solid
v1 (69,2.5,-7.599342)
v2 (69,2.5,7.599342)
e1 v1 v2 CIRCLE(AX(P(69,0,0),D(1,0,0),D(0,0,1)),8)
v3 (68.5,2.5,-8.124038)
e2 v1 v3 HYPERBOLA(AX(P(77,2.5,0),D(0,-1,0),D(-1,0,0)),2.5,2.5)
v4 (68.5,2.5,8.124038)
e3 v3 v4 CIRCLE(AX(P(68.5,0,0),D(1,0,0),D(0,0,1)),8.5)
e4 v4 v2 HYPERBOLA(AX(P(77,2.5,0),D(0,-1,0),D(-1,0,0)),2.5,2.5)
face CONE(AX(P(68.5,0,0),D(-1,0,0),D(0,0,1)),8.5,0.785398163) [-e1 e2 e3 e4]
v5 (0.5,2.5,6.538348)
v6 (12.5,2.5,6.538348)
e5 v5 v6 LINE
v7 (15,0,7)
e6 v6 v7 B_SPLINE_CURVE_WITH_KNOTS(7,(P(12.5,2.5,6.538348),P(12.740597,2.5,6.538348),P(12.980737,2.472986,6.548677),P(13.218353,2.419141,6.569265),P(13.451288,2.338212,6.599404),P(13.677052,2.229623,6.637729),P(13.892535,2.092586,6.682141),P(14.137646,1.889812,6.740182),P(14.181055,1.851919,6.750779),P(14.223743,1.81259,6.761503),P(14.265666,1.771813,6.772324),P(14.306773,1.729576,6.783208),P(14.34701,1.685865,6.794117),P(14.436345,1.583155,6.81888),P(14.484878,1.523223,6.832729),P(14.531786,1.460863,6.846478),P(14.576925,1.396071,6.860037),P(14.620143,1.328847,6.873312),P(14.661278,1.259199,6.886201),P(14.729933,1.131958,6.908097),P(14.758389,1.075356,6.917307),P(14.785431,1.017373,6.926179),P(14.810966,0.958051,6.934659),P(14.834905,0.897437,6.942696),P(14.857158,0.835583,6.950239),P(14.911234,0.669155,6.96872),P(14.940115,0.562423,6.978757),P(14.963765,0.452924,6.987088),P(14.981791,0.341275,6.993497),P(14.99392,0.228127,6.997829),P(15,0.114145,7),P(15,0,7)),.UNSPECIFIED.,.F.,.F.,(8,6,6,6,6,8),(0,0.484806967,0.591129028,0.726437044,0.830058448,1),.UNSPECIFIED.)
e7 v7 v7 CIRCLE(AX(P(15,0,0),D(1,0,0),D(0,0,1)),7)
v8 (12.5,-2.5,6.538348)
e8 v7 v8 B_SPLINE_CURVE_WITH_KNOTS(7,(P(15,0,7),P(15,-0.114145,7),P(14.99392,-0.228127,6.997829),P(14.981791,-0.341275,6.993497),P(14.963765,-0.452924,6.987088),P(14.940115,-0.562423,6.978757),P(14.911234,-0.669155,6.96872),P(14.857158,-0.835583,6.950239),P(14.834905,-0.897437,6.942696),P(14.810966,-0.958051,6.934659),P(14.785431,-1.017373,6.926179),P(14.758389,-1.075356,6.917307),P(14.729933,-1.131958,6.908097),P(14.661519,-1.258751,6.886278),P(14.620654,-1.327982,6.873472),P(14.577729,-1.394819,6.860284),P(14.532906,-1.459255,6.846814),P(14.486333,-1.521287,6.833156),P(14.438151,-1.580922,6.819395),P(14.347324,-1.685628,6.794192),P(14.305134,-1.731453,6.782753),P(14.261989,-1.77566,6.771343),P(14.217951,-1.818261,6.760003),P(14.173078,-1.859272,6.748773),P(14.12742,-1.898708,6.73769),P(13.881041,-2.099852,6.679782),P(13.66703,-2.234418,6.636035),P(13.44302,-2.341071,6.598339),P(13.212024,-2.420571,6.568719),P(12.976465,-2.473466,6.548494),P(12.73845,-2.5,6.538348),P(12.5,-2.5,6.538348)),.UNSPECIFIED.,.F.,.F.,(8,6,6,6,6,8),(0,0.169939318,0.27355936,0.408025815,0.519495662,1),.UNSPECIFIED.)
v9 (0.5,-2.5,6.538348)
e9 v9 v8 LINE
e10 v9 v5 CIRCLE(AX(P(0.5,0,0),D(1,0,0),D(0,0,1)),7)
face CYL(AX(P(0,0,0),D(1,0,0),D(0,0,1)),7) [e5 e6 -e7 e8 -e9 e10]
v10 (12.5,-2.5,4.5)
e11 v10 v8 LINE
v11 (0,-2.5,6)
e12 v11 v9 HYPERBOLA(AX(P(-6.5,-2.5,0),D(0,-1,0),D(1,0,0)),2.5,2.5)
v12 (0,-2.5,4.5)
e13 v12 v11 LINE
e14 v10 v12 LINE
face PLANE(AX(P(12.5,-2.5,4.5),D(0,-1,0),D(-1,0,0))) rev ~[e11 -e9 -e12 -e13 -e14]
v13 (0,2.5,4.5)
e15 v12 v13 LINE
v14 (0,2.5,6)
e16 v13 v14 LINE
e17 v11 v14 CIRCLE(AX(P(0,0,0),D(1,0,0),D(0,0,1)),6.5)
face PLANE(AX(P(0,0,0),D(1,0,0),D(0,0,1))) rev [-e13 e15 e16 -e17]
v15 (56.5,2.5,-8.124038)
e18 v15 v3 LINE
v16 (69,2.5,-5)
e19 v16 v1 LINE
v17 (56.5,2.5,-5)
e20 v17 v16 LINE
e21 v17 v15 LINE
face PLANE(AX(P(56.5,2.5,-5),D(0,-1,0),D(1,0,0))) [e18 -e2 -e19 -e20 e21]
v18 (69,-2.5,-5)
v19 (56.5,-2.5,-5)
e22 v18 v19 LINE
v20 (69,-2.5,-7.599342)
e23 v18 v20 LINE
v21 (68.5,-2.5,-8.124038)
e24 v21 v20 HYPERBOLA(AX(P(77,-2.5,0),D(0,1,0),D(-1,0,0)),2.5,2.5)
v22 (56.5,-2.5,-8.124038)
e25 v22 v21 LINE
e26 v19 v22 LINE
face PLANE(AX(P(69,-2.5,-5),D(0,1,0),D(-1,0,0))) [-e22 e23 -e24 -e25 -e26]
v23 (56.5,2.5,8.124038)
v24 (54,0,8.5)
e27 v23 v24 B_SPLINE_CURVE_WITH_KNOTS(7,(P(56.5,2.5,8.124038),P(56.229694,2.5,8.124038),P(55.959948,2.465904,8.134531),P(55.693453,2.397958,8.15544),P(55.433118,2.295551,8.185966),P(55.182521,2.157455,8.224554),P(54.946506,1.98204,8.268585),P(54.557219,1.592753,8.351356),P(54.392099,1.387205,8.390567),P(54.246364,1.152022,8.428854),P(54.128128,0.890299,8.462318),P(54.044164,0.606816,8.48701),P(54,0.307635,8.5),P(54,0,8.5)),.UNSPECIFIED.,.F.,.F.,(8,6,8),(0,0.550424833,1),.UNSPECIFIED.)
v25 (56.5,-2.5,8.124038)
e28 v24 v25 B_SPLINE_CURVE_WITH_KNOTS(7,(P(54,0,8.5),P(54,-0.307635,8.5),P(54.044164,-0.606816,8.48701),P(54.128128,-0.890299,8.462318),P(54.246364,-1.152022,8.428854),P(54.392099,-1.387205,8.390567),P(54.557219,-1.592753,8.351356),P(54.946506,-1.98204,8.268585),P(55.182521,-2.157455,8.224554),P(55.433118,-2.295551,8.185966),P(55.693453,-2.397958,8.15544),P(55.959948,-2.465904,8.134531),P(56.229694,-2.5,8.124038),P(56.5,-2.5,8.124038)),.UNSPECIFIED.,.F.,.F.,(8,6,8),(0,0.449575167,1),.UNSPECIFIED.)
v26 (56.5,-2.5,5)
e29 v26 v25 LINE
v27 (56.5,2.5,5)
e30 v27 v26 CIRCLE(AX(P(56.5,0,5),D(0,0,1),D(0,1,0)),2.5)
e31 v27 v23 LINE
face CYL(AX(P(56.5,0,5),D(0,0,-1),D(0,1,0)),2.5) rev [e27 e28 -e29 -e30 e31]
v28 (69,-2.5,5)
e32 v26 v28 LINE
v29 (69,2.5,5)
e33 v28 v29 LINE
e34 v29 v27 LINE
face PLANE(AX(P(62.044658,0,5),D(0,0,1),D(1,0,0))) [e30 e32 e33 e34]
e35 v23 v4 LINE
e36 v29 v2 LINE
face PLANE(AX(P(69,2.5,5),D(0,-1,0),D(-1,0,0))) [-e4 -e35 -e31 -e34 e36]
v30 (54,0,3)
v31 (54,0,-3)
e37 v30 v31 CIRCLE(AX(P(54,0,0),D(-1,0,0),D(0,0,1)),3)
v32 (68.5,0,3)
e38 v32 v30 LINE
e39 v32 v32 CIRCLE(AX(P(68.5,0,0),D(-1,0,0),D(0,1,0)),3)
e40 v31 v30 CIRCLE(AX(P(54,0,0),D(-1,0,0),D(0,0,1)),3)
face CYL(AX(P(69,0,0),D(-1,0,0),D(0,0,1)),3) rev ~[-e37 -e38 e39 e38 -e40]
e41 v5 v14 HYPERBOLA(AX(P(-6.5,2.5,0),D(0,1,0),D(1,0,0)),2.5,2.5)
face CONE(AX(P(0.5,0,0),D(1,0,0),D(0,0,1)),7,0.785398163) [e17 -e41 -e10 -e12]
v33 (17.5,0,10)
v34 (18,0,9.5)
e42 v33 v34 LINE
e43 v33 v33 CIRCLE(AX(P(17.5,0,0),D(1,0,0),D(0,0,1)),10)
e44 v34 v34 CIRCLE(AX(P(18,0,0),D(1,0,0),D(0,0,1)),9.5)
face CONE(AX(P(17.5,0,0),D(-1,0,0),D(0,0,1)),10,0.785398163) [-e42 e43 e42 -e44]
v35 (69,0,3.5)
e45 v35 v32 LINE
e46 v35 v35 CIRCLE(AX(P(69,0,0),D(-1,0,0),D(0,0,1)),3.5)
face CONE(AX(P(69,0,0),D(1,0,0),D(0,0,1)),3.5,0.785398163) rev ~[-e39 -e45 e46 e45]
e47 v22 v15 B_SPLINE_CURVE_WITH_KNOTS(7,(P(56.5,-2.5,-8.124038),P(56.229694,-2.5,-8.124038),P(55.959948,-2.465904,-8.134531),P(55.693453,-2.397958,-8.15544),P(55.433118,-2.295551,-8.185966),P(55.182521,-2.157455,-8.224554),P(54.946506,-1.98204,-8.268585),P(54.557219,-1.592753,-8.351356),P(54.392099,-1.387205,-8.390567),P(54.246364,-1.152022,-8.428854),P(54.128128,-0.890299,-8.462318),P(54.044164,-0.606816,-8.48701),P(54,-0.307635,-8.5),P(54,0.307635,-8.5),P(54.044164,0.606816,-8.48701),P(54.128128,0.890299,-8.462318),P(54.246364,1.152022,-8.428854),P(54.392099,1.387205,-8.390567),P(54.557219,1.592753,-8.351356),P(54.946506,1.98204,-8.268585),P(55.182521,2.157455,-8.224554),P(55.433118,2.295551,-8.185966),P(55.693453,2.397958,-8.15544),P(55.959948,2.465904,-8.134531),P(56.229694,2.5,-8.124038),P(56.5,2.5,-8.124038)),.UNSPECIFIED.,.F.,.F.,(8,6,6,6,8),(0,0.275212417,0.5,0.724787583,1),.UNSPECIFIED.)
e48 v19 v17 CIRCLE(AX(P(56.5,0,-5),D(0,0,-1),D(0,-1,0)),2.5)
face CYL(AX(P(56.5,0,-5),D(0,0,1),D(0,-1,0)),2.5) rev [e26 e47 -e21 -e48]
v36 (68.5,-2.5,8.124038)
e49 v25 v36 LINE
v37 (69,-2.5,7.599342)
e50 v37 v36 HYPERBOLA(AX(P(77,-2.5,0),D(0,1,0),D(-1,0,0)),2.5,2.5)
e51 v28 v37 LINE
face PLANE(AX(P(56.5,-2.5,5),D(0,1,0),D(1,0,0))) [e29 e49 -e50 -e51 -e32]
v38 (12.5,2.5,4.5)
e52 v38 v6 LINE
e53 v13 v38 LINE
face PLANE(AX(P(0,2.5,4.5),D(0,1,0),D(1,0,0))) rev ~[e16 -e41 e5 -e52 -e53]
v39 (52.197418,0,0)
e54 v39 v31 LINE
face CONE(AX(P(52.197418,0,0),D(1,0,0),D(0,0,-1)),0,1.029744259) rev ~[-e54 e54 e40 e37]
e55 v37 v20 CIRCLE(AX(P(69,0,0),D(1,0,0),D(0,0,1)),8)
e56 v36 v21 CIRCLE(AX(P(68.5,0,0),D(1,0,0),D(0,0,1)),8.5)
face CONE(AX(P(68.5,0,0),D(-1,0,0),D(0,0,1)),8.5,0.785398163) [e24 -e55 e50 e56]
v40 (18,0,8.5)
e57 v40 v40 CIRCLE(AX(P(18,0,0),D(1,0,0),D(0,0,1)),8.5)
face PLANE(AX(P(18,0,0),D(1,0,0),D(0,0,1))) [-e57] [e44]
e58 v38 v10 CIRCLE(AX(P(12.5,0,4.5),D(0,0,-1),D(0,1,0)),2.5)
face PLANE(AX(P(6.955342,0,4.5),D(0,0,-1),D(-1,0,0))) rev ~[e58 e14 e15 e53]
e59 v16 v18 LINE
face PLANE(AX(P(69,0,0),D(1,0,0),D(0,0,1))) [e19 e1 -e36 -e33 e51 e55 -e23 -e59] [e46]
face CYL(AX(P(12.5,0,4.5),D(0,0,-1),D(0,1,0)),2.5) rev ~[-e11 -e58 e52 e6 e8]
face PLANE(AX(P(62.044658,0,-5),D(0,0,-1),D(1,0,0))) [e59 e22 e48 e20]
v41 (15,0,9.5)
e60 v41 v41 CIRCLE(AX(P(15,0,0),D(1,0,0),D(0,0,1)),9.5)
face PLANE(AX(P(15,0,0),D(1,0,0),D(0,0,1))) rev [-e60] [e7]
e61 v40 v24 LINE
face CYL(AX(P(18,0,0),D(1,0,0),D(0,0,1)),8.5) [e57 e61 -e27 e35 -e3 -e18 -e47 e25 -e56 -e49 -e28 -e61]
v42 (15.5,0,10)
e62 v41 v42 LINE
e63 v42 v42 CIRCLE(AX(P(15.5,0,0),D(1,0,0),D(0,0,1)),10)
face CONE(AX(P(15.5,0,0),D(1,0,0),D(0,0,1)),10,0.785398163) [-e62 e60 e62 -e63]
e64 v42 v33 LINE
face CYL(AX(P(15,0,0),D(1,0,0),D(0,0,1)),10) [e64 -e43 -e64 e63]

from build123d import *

# Parameters (mm, degrees)
CHAMFER_1_SIZE               = 0.5
HOLE_WIZARD_M6_1_D           = 6
HOLE_WIZARD_M6_1_DEPTH       = 15
HOLE_WIZARD_M6_1_CSINK_D     = 7
HOLE_WIZARD_M6_1_CSINK_ANGLE = 90
HOLE_WIZARD_M6_1_TIP         = 1.802581857
CUT_EXTRUDE_START            = 4.5
CUT_EXTRUDE_1_DEPTH          = 10
CUT_EXTRUDE_START_2          = 5
CUT_EXTRUDE_2_DEPTH          = 10
PATTERN_CIRCULAR_1_COUNT     = 2


with BuildPart() as part:
    # 草图1 → 旋转1 (revolve)
    with BuildSketch(Plane.XY, mode=Mode.PRIVATE) as revolve_1_sk:
        Polygon((0, 0), (0, 7), (15, 7), (15, 10), (18, 10), (18, 8.5), (69, 8.5), (69, 0), align=None)
    revolve(revolve_1_sk.sketch.rotate(Axis((0, 0, 0), (1, 0, 0)), 90), axis=Axis((0, 0, 0), (1, 0, 0)))

    # 倒角1
    chamfer_1_edges = [part.edges().sort_by_distance(p)[0] for p in [
        (69, 0, -8.5),
        (18, 0, -10),
        (15, 0, -10),
        (0, 0, -7),
    ]]
    chamfer(chamfer_1_edges, length=CHAMFER_1_SIZE)

    # M6 螺纹孔的螺纹孔钻头1
    with Locations(Plane(origin=(69, 0, 0), x_dir=(0, 0, -1), z_dir=(1, 0, 0))):
        with Locations((0, 0)):
            CounterSinkHole(HOLE_WIZARD_M6_1_D / 2, HOLE_WIZARD_M6_1_CSINK_D / 2, depth=HOLE_WIZARD_M6_1_DEPTH, counter_sink_angle=HOLE_WIZARD_M6_1_CSINK_ANGLE)
            with Locations((0, 0, -(HOLE_WIZARD_M6_1_DEPTH + HOLE_WIZARD_M6_1_TIP / 2))):  # 118° drill point
                Cone(0, HOLE_WIZARD_M6_1_D / 2, HOLE_WIZARD_M6_1_TIP, mode=Mode.SUBTRACT)

    # 草图4 → 切除-拉伸1 (cut)
    with BuildSketch(Plane.XY.offset(CUT_EXTRUDE_START)):
        with BuildLine():
            Line((0, 2.5), (12.5, 2.5))
            ThreePointArc((12.5, 2.5), (15, 0), (12.5, -2.5))
            Line((12.5, -2.5), (0, -2.5))
            Line((0, -2.5), (0, 2.5))
        make_face()
    extrude(amount=CUT_EXTRUDE_1_DEPTH, mode=Mode.SUBTRACT)

    # 草图5 → 切除-拉伸2 (cut)
    with BuildSketch(Plane.XY.offset(CUT_EXTRUDE_START_2)):
        with BuildLine():
            Line((69, 2.5), (56.5, 2.5))
            ThreePointArc((56.5, 2.5), (54, 0), (56.5, -2.5))
            Line((56.5, -2.5), (69, -2.5))
            Line((69, -2.5), (69, 2.5))
        make_face()
    cut_extrude_2 = extrude(amount=CUT_EXTRUDE_2_DEPTH, mode=Mode.SUBTRACT)

    # 阵列(圆周)1: 切除-拉伸2 ×2 about axis
    pattern_circular_1_axis = Axis((0, 0, 0), (1, 0, 0))
    for i in range(1, PATTERN_CIRCULAR_1_COUNT):
        add(cut_extrude_2.rotate(pattern_circular_1_axis, i * 360 / PATTERN_CIRCULAR_1_COUNT), mode=Mode.SUBTRACT)


solid = part.part
